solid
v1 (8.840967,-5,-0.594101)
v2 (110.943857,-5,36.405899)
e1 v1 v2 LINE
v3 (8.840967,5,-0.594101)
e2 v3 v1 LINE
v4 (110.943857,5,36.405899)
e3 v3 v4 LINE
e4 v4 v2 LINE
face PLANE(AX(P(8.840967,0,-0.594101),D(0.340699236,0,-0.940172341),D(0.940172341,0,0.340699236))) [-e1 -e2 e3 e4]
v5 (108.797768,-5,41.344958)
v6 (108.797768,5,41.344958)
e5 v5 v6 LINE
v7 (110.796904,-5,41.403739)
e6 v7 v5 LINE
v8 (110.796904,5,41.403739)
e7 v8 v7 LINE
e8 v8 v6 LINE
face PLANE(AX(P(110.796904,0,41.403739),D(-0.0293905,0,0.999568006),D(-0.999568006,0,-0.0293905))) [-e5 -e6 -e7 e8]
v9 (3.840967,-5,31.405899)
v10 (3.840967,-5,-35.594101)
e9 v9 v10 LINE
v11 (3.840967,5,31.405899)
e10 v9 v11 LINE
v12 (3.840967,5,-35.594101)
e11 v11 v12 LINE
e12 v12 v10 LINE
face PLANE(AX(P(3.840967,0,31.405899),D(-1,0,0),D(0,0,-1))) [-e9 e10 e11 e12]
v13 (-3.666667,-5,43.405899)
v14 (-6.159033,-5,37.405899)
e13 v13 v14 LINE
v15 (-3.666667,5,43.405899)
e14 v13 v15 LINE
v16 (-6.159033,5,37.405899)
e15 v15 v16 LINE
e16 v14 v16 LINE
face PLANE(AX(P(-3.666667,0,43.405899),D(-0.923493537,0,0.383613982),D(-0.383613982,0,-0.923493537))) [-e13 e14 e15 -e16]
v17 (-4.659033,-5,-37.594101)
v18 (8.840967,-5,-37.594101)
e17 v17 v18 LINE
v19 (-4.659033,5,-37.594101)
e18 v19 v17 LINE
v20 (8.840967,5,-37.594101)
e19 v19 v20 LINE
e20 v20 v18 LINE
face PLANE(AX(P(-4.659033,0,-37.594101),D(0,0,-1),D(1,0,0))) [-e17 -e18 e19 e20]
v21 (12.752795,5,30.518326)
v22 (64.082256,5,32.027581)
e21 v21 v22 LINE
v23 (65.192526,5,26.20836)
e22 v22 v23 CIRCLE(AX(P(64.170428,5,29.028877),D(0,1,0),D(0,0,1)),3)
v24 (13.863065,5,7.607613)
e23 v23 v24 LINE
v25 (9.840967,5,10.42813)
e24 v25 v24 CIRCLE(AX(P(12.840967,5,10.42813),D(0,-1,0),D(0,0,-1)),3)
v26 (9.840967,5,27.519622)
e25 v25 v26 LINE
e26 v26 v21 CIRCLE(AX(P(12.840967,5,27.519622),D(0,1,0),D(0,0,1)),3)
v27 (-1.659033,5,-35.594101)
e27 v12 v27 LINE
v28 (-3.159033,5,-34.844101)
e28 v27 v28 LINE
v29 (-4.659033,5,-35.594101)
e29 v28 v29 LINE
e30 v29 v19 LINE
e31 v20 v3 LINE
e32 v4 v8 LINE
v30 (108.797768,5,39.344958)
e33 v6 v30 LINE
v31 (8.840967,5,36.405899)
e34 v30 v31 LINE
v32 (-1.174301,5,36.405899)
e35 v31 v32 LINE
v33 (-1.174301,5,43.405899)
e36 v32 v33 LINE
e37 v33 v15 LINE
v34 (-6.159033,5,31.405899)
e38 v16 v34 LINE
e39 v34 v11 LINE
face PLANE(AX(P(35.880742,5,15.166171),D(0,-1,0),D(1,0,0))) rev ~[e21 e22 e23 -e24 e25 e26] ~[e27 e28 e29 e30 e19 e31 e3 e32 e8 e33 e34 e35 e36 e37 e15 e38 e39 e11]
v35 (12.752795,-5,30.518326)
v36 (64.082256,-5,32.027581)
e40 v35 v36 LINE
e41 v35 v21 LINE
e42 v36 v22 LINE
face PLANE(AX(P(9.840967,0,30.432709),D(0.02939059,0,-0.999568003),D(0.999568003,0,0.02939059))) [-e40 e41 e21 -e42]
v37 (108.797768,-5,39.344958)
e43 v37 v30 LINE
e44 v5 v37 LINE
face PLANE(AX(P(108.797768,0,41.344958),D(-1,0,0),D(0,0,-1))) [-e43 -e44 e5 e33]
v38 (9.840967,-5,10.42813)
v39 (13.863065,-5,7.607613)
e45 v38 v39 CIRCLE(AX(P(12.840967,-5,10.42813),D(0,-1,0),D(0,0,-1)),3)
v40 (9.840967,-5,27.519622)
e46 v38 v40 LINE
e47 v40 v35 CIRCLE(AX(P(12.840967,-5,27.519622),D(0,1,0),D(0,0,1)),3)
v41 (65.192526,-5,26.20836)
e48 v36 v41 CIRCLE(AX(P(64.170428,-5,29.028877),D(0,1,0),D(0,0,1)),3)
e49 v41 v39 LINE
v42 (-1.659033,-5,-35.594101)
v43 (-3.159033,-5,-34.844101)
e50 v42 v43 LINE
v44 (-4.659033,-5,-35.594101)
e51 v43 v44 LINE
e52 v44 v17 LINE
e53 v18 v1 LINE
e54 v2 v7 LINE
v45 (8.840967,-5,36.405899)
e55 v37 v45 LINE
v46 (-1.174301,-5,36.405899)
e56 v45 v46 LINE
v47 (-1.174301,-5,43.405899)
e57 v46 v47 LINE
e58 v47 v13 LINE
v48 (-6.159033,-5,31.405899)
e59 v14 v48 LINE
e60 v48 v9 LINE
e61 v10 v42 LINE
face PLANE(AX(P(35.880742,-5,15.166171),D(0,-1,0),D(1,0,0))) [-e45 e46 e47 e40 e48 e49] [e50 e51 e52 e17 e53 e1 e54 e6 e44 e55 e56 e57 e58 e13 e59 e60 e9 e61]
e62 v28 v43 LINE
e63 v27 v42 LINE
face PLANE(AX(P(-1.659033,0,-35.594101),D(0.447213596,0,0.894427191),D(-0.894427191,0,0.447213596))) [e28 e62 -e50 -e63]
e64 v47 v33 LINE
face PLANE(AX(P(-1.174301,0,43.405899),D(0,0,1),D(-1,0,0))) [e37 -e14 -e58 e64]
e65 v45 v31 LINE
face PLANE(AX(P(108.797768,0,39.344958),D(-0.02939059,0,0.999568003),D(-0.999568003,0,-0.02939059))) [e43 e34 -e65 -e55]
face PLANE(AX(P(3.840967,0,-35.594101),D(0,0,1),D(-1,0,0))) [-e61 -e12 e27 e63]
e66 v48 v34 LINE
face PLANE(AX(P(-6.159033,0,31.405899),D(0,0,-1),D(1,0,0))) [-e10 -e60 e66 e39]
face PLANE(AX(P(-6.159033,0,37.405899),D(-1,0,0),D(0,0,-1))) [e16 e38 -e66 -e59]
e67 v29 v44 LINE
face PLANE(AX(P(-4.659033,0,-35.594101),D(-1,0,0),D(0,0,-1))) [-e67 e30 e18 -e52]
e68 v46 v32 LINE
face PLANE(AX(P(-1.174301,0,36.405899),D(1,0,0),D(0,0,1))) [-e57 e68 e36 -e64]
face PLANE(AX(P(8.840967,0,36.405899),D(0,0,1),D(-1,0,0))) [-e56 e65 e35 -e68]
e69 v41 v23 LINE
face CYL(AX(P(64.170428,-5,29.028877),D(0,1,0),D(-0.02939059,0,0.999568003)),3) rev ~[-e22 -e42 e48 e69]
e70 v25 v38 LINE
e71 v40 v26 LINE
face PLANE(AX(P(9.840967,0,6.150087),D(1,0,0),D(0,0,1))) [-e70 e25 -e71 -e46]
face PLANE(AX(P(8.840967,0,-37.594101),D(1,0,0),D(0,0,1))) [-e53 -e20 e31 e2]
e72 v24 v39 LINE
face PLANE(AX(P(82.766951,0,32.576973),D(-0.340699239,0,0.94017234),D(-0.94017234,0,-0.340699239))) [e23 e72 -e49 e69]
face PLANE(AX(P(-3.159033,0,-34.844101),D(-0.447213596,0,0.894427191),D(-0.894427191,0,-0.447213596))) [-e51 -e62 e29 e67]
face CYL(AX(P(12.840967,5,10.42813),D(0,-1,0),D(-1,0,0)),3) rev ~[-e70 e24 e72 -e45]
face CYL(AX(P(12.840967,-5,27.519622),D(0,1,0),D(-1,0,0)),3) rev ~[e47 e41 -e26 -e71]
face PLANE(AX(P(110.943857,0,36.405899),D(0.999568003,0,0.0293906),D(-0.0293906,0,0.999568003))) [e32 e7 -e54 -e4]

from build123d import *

# Parameters (mm, degrees)
F1_DEPTH = 5
F2_R     = 3


with BuildPart() as f1:
    # F0 (on Front) → F1 (new body, symmetric)
    with BuildSketch(Plane.XZ):
        Polygon((3.840967, 31.405899), (3.840967, -35.594101), (-1.659033, -35.594101), (-3.159033, -34.844101), (-4.659033, -35.594101), (-4.659033, -37.594101), (8.840967, -37.594101), (8.840967, -0.594101), (110.943857, 36.405899), (110.796904, 41.403739), (108.797768, 41.344958), (108.797768, 39.344958), (8.840967, 36.405899), (-1.174301, 36.405899), (-1.174301, 43.405899), (-3.666667, 43.405899), (-6.159033, 37.405899), (-6.159033, 31.405899), align=None)
        Polygon((9.840967, 6.150087), (9.840967, 30.432709), (82.766951, 32.576973), align=None, mode=Mode.SUBTRACT)
    extrude(amount=F1_DEPTH, both=True)

    # F2
    f2_edges = [f1.edges().sort_by_distance(p)[0] for p in [
        (82.766951, 0, 32.576973),
        (9.840967, 0, 30.432709),
        (9.840967, 0, 6.150087),
    ]]
    fillet(f2_edges, radius=F2_R)


solid = f1.part
